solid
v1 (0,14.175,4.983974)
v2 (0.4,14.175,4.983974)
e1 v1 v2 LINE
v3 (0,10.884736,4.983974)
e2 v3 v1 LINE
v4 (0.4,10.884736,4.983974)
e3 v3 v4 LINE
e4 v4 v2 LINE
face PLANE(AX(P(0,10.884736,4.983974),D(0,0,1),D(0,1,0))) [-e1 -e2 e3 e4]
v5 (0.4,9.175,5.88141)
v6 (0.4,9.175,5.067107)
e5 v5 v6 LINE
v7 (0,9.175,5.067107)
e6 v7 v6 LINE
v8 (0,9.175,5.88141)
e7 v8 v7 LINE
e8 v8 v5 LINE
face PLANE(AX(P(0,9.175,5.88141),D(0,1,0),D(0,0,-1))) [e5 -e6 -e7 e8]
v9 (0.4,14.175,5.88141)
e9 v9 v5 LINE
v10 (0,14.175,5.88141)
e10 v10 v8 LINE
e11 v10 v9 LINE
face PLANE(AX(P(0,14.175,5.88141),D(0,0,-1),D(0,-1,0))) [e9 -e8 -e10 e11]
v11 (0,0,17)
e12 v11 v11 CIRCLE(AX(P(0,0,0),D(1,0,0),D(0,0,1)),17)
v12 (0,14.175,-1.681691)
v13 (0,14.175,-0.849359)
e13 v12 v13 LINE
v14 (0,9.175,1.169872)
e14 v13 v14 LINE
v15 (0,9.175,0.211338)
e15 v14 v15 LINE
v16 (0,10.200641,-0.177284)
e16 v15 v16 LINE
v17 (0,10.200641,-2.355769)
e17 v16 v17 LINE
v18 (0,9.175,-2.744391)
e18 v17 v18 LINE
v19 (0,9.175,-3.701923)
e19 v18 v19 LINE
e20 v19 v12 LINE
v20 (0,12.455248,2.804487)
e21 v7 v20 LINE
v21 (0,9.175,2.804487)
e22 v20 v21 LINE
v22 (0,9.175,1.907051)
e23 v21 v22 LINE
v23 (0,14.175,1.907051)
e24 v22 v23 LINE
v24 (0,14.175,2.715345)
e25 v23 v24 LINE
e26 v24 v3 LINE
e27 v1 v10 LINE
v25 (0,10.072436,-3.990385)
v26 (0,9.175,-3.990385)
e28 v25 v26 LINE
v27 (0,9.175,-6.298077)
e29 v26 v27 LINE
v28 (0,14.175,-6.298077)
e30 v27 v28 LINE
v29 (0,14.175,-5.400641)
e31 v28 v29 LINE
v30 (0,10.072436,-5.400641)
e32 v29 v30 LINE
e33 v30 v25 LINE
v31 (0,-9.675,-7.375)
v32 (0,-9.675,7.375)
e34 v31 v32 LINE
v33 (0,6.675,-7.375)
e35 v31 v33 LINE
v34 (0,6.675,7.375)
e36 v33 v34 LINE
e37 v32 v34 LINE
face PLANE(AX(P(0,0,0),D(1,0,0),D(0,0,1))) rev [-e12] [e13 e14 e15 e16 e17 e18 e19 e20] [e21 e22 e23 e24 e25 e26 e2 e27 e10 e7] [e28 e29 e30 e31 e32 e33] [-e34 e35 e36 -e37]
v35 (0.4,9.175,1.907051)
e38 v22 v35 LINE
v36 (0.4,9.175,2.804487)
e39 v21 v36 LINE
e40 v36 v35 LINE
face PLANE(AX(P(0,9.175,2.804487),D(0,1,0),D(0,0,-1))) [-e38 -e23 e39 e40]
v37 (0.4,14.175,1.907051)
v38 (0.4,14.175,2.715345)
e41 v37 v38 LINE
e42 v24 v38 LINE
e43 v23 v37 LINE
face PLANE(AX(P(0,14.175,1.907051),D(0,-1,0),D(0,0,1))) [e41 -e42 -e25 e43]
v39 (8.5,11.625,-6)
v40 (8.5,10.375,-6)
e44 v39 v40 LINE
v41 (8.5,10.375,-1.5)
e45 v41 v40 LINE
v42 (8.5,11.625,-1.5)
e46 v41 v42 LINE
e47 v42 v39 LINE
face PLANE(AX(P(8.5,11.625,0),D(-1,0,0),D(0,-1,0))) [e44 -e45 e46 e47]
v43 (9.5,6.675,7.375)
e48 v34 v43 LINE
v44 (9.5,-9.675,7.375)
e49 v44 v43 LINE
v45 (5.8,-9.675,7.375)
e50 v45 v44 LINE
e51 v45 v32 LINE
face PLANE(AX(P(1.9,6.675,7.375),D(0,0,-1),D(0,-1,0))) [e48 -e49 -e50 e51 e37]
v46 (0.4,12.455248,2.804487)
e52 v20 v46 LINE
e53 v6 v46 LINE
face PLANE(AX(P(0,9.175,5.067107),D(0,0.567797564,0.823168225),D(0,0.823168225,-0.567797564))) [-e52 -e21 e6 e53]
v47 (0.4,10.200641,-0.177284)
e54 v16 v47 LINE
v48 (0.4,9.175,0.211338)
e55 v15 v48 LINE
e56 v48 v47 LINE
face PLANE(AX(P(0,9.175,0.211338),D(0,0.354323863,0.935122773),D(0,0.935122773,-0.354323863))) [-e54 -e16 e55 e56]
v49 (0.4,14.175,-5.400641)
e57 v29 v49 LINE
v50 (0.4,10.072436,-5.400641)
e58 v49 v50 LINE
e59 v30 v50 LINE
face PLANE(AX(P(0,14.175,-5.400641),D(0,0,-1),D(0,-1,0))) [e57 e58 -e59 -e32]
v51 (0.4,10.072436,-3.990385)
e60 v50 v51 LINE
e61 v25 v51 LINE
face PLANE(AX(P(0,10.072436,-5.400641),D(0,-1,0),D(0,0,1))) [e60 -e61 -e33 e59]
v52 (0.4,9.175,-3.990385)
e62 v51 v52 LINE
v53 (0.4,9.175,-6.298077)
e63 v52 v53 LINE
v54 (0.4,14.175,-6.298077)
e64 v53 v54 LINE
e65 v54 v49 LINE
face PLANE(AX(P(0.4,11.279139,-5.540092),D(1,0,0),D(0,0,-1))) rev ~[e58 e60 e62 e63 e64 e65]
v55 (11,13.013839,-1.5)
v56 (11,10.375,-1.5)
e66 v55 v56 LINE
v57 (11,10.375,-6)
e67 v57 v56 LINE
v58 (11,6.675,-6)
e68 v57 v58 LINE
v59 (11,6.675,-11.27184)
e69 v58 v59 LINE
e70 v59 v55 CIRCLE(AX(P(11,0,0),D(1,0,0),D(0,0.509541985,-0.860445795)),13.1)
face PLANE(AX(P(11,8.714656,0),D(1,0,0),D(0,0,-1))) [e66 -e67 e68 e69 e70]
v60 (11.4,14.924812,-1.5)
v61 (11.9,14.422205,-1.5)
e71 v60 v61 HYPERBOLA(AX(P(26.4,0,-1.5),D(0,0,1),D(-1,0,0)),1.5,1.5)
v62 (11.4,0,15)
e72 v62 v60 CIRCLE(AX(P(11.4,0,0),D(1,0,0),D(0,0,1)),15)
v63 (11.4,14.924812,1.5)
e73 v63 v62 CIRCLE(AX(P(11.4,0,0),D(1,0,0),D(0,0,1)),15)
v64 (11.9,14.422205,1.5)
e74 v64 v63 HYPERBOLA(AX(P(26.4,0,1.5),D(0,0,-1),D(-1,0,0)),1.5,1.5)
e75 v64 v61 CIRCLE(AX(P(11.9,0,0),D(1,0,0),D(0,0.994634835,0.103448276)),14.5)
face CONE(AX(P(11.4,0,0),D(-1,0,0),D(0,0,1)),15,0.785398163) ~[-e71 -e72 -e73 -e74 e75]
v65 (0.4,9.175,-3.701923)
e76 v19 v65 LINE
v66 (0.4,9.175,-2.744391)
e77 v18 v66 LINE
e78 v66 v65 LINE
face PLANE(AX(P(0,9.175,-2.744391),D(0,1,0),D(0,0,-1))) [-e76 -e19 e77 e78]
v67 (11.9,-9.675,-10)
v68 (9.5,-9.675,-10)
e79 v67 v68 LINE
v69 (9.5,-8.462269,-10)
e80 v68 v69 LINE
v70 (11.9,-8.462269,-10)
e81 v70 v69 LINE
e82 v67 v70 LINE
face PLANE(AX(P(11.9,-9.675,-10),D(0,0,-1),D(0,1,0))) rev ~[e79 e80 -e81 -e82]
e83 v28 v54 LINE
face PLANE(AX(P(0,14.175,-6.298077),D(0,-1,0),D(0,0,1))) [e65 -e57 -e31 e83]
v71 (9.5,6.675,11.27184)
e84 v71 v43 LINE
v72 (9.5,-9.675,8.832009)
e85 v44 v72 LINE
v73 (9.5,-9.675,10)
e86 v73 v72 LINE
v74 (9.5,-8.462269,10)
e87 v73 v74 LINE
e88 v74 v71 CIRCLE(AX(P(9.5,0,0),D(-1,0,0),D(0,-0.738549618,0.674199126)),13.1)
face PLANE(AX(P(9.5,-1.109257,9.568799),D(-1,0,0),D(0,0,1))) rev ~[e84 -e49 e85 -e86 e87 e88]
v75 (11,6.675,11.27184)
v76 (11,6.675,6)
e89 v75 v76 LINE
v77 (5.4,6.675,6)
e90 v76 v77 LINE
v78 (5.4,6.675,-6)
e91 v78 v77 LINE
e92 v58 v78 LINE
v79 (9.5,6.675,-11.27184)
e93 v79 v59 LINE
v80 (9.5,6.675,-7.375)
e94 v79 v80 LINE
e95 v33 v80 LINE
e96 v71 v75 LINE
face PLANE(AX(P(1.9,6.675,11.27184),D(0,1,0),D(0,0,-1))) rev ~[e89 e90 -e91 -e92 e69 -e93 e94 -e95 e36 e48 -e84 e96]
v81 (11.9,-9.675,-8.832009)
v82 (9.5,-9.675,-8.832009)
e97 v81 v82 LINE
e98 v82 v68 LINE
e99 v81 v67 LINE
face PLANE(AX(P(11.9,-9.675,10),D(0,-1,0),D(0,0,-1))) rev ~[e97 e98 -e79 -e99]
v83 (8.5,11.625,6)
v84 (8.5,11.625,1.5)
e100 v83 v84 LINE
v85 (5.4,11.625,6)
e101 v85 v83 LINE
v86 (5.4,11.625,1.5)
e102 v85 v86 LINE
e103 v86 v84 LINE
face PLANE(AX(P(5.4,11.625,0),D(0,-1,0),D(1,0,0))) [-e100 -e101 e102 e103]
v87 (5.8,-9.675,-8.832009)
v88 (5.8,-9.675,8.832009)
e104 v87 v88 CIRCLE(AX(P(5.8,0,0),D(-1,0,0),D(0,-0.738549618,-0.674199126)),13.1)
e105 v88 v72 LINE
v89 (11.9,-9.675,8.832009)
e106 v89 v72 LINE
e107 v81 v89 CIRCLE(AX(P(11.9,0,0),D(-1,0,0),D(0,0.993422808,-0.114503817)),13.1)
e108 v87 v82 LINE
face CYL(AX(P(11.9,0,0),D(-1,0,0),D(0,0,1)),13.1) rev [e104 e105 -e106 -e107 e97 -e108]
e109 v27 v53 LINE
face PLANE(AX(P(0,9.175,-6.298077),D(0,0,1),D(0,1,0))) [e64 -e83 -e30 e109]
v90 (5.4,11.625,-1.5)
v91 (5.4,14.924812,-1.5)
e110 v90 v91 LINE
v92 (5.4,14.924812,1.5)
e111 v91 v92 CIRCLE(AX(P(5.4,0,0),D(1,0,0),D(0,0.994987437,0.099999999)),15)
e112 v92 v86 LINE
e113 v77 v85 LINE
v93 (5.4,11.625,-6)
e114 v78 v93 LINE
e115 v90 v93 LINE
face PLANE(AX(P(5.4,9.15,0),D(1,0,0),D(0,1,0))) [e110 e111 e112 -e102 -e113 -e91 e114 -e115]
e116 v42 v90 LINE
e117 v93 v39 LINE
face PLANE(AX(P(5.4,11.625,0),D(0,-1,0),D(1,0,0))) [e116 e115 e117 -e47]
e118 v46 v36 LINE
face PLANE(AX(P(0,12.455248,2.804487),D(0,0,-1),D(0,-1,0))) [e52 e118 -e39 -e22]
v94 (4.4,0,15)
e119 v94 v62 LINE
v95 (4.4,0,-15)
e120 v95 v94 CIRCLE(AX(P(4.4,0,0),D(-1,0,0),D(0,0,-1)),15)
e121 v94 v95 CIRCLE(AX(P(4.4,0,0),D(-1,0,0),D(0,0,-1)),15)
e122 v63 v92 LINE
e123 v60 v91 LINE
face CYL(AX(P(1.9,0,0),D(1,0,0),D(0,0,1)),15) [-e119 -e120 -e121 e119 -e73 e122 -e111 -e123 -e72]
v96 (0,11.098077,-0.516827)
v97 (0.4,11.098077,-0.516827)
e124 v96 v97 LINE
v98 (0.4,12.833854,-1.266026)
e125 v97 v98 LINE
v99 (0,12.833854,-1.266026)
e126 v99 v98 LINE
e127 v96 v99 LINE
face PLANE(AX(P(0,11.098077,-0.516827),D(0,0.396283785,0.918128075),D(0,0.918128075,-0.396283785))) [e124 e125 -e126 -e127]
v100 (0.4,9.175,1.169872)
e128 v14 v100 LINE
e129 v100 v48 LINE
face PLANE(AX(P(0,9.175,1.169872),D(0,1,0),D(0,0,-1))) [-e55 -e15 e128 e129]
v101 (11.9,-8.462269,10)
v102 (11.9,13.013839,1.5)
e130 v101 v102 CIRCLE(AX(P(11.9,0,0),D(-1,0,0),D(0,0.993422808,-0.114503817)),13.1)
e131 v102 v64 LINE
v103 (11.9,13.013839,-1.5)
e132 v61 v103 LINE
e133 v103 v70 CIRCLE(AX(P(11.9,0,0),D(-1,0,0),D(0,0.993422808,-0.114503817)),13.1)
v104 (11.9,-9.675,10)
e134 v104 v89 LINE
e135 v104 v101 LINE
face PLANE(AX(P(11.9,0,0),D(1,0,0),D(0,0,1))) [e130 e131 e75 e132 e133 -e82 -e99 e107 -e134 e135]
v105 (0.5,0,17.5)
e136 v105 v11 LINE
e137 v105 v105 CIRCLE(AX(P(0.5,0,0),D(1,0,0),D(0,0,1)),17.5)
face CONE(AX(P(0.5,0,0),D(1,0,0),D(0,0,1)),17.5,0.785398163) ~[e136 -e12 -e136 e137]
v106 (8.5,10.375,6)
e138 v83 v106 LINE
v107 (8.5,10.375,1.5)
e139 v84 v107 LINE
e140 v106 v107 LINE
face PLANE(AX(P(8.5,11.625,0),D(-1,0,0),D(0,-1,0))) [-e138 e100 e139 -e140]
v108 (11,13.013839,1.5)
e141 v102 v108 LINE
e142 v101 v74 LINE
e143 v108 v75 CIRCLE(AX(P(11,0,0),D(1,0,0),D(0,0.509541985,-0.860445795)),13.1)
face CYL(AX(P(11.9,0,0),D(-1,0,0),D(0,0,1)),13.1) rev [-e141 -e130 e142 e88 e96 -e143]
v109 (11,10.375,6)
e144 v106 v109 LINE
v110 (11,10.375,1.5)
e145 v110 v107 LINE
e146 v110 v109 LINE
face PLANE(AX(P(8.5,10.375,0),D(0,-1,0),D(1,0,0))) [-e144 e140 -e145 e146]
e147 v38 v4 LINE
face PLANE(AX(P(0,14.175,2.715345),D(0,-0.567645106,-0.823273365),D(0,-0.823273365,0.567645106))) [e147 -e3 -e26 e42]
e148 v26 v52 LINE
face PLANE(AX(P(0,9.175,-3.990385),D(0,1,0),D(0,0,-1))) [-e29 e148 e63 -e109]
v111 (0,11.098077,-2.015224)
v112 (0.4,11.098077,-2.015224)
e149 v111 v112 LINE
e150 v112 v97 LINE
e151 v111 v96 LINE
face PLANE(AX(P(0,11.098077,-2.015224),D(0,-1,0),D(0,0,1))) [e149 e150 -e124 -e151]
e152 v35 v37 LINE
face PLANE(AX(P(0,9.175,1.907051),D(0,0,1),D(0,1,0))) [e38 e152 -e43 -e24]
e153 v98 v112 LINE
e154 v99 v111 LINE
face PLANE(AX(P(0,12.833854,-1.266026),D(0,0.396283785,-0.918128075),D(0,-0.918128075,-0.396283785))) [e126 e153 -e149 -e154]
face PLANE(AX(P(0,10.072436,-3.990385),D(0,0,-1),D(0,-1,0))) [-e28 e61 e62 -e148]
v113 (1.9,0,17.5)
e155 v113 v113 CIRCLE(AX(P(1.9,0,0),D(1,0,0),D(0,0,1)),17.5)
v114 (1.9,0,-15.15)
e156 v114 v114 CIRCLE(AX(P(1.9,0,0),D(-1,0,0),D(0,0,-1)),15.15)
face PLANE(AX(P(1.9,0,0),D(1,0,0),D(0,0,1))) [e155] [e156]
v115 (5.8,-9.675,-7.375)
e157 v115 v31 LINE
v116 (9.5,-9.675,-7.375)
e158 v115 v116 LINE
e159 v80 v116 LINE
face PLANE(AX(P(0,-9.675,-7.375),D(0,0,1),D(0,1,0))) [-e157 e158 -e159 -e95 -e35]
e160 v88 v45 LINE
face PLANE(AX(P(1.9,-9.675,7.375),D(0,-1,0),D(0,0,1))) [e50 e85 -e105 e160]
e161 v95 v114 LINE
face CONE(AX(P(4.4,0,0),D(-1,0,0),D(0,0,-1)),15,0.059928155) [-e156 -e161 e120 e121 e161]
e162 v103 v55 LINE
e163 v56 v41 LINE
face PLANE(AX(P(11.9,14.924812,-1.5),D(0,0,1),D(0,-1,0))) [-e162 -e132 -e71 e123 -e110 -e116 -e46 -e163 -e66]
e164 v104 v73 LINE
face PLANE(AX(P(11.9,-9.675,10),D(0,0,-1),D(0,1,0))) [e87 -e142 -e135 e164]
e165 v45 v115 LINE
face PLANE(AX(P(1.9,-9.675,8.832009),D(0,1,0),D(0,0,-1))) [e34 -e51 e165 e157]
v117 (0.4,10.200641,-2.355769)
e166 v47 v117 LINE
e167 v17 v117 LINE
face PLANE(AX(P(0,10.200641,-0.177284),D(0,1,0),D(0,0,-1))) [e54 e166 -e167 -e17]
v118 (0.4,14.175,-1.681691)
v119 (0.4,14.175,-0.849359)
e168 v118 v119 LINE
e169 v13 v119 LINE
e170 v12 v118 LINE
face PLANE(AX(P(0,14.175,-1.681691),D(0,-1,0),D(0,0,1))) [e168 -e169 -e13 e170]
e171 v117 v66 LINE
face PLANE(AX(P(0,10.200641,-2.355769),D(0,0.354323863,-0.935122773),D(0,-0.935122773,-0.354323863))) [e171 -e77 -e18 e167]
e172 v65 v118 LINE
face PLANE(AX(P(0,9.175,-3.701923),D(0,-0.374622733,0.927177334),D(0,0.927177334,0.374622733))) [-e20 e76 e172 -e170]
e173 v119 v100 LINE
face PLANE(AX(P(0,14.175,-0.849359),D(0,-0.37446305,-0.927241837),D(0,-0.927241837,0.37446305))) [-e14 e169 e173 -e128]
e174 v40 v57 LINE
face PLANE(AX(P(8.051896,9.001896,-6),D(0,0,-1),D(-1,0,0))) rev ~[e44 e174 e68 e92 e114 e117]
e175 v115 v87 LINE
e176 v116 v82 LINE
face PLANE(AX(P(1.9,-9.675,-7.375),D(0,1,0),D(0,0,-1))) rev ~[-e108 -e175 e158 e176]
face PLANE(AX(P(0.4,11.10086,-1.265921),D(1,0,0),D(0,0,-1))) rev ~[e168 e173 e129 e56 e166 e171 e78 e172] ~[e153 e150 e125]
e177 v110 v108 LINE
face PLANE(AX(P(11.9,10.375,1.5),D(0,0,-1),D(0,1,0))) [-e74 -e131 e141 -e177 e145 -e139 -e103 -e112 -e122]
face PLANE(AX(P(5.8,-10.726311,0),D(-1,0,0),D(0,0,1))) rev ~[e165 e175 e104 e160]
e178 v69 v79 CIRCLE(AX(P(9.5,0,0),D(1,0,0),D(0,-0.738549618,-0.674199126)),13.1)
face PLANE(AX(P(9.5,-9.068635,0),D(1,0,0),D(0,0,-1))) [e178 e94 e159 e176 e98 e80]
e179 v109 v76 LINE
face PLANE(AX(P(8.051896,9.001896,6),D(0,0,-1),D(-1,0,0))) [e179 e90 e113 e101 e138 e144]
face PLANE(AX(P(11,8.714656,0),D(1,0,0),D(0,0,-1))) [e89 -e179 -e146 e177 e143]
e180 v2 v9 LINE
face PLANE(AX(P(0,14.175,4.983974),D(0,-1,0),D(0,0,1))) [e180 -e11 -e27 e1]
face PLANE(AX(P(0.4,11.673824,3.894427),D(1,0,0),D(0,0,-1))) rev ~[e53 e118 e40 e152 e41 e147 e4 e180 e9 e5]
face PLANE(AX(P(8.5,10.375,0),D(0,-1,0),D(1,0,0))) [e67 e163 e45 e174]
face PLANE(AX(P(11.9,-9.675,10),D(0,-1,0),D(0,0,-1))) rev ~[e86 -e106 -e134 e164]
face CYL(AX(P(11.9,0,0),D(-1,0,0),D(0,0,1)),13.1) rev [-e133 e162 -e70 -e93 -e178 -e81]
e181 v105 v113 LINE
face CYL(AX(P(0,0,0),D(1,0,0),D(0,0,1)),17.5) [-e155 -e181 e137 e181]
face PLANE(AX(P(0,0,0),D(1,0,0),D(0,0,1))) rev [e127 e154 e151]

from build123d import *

# Parameters (mm, degrees)
SKIZZE2_W                       = 14.75
SKIZZE2_H                       = 16.35
SCHNITT_LINEAR_AUSTRAGEN1_DEPTH = 28.461063344
AUFSATZ_LINEAR_AUSTRAGEN1_DEPTH = 3.9
AUFSATZ_LINEAR_AUSTRAGEN2_DEPTH = 9.1
SCHNITT_LINEAR_AUSTRAGEN2_DEPTH = 6
AUFSATZ_LINEAR_AUSTRAGEN3_DEPTH = 7.6
FASE1_SIZE                      = 0.5
SCHNITT_LINEAR_AUSTRAGEN3_DEPTH = 0.4
SCHNITT_LINEAR_AUSTRAGEN4_REACH = 29.461
SKIZZE13_W                      = 20
SKIZZE13_H                      = 1.212730801
SCHNITT_LINEAR_AUSTRAGEN6_DEPTH = 2.4


with BuildPart() as part:
    # Skizze1 → Rotation1 (revolve)
    with BuildSketch(Plane(origin=(0, 0, 0), x_dir=(1, 0, 0), z_dir=(0, 1, 0)), mode=Mode.PRIVATE) as rotation1_sk:
        Polygon((0, 0), (0, 17.5), (1.9, 17.5), (1.9, 15), (11.9, 15), (11.9, 13.1), (1.9, 13.1), (1.9, 0), align=None)
    revolve(rotation1_sk.sketch.rotate(Axis((-3.369811321, 0, 0), (1, 0, 0)), 180), axis=Axis((-3.369811321, 0, 0), (1, 0, 0)))

    # Skizze2 → Schnitt-Linear austragen1 (cut, through all)
    with BuildSketch(Plane.ZY):
        with Locations((0, -1.5)):
            Rectangle(SKIZZE2_W, SKIZZE2_H)
    extrude(amount=-SCHNITT_LINEAR_AUSTRAGEN1_DEPTH, mode=Mode.SUBTRACT)

    # Skizze3 → Aufsatz-Linear austragen1 (add)
    with BuildSketch(Plane(origin=(1.9, 0, 0), x_dir=(0, 0, -1), z_dir=(1, 0, 0))):
        with BuildLine():
            Line((-8.832008548, -9.675), (8.832008548, -9.675))
            ThreePointArc((8.832008548, -9.675), (0, -13.1), (-8.832008548, -9.675))
        make_face()
    extrude(amount=AUFSATZ_LINEAR_AUSTRAGEN1_DEPTH)

    # Skizze4 → Aufsatz-Linear austragen2 (add)
    with BuildSketch(Plane(origin=(1.9, 0, 0), x_dir=(0, 0, -1), z_dir=(1, 0, 0))):
        with BuildLine():
            Line((-11.271839912, 6.675), (11.271839912, 6.675))
            ThreePointArc((11.271839912, 6.675), (0, 13.1), (-11.271839912, 6.675))
        make_face()
    extrude(amount=AUFSATZ_LINEAR_AUSTRAGEN2_DEPTH)

    # Skizze6 → Schnitt-Linear austragen2 (cut, symmetric)
    with BuildSketch(Plane.XY):
        Polygon((5.4, 6.675), (5.4, 11.625), (8.5, 11.625), (8.5, 10.375), (11, 10.375), (11, 6.675), align=None)
    extrude(amount=SCHNITT_LINEAR_AUSTRAGEN2_DEPTH, both=True, mode=Mode.SUBTRACT)

    # Skizze7 → Aufsatz-Linear austragen3 (add)
    with BuildSketch(Plane(origin=(1.9, 0, 0), x_dir=(0, 0, -1), z_dir=(1, 0, 0))):
        with BuildLine():
            Line((-11.271839912, 6.675), (-7.375, 6.675))
            Line((-7.375, 6.675), (-7.375, -9.675))
            Line((-7.375, -9.675), (-8.832008548, -9.675))
            ThreePointArc((-8.832008548, -9.675), (-12.956535252, -1.933441044), (-11.271839912, 6.675))
        make_face()
        with BuildLine():
            Line((7.375, 6.675), (7.375, -9.675))
            Line((7.375, -9.675), (8.832008548, -9.675))
            ThreePointArc((8.832008548, -9.675), (12.956535252, -1.933441044), (11.271839912, 6.675))
            Line((11.271839912, 6.675), (7.375, 6.675))
        make_face()
    extrude(amount=AUFSATZ_LINEAR_AUSTRAGEN3_DEPTH)

    # Fase1
    fase1_edges = [part.edges().sort_by_distance(p)[0] for p in [
        (11.9, 0, -15),
        (0, 0, -17.5),
    ]]
    chamfer(fase1_edges, length=FASE1_SIZE)

    # Skizze8 → Schnitt-Linear austragen3 (cut)
    # profile 1 of 3: a face of its own
    with BuildSketch(Plane.ZY):
        Polygon((-6.298076923, 14.175), (-5.400641026, 14.175), (-5.400641026, 10.072435897), (-3.990384615, 10.072435897), (-3.990384615, 9.175), (-6.298076923, 9.175), align=None)
    # profile 2 of 3: a face of its own
    with BuildSketch(Plane.ZY):
        Polygon((-1.681690705, 14.175), (-0.849358974, 14.175), (1.169871795, 9.175), (0.211338141, 9.175), (-0.177283654, 10.200641026), (-2.355769231, 10.200641026), (-2.744391026, 9.175), (-3.701923077, 9.175), align=None)
        Polygon((-1.266025641, 12.833854167), (-2.015224359, 11.098076923), (-0.516826923, 11.098076923), align=None, mode=Mode.SUBTRACT)
    # profile 3 of 3: a face of its own
    with BuildSketch(Plane.ZY):
        Polygon((1.907051282, 14.175), (2.715344551, 14.175), (4.983974359, 10.884735577), (4.983974359, 14.175), (5.881410256, 14.175), (5.881410256, 9.175), (5.067107372, 9.175), (2.804487179, 12.455248397), (2.804487179, 9.175), (1.907051282, 9.175), align=None)
    extrude(amount=-SCHNITT_LINEAR_AUSTRAGEN3_DEPTH, mode=Mode.SUBTRACT)

    # Schnitt-Linear austragen4: up to this face of the body (flat: up to its plane)
    schnitt_linear_austragen4_end = Plane(part.part.faces().sort_by_distance((5.4, 9.15, 0))[0])
    # Skizze10 → Schnitt-Linear austragen4 (cut, up to the picked face)
    with BuildSketch(Plane(origin=(11.9, 0, 0), x_dir=(0, 0, -1), z_dir=(1, 0, 0)), mode=Mode.PRIVATE) as schnitt_linear_austragen4_sk1:
        with BuildLine():
            Line((-1.5, 10.375), (-1.5, 14.924811557))
            ThreePointArc((-1.5, 14.924811557), (0, 15), (1.5, 14.924811557))
            Line((1.5, 14.924811557), (1.5, 10.375))
            Line((1.5, 10.375), (-1.5, 10.375))
        make_face()
    schnitt_linear_austragen4_tool1 = split(extrude(schnitt_linear_austragen4_sk1.sketch, amount=-SCHNITT_LINEAR_AUSTRAGEN4_REACH, mode=Mode.PRIVATE), bisect_by=schnitt_linear_austragen4_end, keep=Keep.BOTH, mode=Mode.PRIVATE)
    add(schnitt_linear_austragen4_tool1.solids().sort_by(Axis((11.9, 12.675036, 0), (-1, 0, 0)))[0], mode=Mode.SUBTRACT)

    # Skizze13 → Schnitt-Linear austragen6 (cut)
    with BuildSketch(Plane(origin=(11.9, 0, 0), x_dir=(0, 0, -1), z_dir=(1, 0, 0))):
        with Locations((0, -9.0686346)):
            Rectangle(SKIZZE13_W, SKIZZE13_H)
    extrude(amount=-SCHNITT_LINEAR_AUSTRAGEN6_DEPTH, mode=Mode.SUBTRACT)

    # Skizze14 → Rotation2 (revolve)
    with BuildSketch(Plane.XY, mode=Mode.PRIVATE) as rotation2_sk:
        Polygon((4.4, 15), (1.9, 15.15), (1.9, 15), align=None)
    revolve(rotation2_sk.sketch.rotate(Axis((-3.369811321, 0, 0), (-1, 0, 0)), 90), axis=Axis((-3.369811321, 0, 0), (-1, 0, 0)))


solid = part.part
